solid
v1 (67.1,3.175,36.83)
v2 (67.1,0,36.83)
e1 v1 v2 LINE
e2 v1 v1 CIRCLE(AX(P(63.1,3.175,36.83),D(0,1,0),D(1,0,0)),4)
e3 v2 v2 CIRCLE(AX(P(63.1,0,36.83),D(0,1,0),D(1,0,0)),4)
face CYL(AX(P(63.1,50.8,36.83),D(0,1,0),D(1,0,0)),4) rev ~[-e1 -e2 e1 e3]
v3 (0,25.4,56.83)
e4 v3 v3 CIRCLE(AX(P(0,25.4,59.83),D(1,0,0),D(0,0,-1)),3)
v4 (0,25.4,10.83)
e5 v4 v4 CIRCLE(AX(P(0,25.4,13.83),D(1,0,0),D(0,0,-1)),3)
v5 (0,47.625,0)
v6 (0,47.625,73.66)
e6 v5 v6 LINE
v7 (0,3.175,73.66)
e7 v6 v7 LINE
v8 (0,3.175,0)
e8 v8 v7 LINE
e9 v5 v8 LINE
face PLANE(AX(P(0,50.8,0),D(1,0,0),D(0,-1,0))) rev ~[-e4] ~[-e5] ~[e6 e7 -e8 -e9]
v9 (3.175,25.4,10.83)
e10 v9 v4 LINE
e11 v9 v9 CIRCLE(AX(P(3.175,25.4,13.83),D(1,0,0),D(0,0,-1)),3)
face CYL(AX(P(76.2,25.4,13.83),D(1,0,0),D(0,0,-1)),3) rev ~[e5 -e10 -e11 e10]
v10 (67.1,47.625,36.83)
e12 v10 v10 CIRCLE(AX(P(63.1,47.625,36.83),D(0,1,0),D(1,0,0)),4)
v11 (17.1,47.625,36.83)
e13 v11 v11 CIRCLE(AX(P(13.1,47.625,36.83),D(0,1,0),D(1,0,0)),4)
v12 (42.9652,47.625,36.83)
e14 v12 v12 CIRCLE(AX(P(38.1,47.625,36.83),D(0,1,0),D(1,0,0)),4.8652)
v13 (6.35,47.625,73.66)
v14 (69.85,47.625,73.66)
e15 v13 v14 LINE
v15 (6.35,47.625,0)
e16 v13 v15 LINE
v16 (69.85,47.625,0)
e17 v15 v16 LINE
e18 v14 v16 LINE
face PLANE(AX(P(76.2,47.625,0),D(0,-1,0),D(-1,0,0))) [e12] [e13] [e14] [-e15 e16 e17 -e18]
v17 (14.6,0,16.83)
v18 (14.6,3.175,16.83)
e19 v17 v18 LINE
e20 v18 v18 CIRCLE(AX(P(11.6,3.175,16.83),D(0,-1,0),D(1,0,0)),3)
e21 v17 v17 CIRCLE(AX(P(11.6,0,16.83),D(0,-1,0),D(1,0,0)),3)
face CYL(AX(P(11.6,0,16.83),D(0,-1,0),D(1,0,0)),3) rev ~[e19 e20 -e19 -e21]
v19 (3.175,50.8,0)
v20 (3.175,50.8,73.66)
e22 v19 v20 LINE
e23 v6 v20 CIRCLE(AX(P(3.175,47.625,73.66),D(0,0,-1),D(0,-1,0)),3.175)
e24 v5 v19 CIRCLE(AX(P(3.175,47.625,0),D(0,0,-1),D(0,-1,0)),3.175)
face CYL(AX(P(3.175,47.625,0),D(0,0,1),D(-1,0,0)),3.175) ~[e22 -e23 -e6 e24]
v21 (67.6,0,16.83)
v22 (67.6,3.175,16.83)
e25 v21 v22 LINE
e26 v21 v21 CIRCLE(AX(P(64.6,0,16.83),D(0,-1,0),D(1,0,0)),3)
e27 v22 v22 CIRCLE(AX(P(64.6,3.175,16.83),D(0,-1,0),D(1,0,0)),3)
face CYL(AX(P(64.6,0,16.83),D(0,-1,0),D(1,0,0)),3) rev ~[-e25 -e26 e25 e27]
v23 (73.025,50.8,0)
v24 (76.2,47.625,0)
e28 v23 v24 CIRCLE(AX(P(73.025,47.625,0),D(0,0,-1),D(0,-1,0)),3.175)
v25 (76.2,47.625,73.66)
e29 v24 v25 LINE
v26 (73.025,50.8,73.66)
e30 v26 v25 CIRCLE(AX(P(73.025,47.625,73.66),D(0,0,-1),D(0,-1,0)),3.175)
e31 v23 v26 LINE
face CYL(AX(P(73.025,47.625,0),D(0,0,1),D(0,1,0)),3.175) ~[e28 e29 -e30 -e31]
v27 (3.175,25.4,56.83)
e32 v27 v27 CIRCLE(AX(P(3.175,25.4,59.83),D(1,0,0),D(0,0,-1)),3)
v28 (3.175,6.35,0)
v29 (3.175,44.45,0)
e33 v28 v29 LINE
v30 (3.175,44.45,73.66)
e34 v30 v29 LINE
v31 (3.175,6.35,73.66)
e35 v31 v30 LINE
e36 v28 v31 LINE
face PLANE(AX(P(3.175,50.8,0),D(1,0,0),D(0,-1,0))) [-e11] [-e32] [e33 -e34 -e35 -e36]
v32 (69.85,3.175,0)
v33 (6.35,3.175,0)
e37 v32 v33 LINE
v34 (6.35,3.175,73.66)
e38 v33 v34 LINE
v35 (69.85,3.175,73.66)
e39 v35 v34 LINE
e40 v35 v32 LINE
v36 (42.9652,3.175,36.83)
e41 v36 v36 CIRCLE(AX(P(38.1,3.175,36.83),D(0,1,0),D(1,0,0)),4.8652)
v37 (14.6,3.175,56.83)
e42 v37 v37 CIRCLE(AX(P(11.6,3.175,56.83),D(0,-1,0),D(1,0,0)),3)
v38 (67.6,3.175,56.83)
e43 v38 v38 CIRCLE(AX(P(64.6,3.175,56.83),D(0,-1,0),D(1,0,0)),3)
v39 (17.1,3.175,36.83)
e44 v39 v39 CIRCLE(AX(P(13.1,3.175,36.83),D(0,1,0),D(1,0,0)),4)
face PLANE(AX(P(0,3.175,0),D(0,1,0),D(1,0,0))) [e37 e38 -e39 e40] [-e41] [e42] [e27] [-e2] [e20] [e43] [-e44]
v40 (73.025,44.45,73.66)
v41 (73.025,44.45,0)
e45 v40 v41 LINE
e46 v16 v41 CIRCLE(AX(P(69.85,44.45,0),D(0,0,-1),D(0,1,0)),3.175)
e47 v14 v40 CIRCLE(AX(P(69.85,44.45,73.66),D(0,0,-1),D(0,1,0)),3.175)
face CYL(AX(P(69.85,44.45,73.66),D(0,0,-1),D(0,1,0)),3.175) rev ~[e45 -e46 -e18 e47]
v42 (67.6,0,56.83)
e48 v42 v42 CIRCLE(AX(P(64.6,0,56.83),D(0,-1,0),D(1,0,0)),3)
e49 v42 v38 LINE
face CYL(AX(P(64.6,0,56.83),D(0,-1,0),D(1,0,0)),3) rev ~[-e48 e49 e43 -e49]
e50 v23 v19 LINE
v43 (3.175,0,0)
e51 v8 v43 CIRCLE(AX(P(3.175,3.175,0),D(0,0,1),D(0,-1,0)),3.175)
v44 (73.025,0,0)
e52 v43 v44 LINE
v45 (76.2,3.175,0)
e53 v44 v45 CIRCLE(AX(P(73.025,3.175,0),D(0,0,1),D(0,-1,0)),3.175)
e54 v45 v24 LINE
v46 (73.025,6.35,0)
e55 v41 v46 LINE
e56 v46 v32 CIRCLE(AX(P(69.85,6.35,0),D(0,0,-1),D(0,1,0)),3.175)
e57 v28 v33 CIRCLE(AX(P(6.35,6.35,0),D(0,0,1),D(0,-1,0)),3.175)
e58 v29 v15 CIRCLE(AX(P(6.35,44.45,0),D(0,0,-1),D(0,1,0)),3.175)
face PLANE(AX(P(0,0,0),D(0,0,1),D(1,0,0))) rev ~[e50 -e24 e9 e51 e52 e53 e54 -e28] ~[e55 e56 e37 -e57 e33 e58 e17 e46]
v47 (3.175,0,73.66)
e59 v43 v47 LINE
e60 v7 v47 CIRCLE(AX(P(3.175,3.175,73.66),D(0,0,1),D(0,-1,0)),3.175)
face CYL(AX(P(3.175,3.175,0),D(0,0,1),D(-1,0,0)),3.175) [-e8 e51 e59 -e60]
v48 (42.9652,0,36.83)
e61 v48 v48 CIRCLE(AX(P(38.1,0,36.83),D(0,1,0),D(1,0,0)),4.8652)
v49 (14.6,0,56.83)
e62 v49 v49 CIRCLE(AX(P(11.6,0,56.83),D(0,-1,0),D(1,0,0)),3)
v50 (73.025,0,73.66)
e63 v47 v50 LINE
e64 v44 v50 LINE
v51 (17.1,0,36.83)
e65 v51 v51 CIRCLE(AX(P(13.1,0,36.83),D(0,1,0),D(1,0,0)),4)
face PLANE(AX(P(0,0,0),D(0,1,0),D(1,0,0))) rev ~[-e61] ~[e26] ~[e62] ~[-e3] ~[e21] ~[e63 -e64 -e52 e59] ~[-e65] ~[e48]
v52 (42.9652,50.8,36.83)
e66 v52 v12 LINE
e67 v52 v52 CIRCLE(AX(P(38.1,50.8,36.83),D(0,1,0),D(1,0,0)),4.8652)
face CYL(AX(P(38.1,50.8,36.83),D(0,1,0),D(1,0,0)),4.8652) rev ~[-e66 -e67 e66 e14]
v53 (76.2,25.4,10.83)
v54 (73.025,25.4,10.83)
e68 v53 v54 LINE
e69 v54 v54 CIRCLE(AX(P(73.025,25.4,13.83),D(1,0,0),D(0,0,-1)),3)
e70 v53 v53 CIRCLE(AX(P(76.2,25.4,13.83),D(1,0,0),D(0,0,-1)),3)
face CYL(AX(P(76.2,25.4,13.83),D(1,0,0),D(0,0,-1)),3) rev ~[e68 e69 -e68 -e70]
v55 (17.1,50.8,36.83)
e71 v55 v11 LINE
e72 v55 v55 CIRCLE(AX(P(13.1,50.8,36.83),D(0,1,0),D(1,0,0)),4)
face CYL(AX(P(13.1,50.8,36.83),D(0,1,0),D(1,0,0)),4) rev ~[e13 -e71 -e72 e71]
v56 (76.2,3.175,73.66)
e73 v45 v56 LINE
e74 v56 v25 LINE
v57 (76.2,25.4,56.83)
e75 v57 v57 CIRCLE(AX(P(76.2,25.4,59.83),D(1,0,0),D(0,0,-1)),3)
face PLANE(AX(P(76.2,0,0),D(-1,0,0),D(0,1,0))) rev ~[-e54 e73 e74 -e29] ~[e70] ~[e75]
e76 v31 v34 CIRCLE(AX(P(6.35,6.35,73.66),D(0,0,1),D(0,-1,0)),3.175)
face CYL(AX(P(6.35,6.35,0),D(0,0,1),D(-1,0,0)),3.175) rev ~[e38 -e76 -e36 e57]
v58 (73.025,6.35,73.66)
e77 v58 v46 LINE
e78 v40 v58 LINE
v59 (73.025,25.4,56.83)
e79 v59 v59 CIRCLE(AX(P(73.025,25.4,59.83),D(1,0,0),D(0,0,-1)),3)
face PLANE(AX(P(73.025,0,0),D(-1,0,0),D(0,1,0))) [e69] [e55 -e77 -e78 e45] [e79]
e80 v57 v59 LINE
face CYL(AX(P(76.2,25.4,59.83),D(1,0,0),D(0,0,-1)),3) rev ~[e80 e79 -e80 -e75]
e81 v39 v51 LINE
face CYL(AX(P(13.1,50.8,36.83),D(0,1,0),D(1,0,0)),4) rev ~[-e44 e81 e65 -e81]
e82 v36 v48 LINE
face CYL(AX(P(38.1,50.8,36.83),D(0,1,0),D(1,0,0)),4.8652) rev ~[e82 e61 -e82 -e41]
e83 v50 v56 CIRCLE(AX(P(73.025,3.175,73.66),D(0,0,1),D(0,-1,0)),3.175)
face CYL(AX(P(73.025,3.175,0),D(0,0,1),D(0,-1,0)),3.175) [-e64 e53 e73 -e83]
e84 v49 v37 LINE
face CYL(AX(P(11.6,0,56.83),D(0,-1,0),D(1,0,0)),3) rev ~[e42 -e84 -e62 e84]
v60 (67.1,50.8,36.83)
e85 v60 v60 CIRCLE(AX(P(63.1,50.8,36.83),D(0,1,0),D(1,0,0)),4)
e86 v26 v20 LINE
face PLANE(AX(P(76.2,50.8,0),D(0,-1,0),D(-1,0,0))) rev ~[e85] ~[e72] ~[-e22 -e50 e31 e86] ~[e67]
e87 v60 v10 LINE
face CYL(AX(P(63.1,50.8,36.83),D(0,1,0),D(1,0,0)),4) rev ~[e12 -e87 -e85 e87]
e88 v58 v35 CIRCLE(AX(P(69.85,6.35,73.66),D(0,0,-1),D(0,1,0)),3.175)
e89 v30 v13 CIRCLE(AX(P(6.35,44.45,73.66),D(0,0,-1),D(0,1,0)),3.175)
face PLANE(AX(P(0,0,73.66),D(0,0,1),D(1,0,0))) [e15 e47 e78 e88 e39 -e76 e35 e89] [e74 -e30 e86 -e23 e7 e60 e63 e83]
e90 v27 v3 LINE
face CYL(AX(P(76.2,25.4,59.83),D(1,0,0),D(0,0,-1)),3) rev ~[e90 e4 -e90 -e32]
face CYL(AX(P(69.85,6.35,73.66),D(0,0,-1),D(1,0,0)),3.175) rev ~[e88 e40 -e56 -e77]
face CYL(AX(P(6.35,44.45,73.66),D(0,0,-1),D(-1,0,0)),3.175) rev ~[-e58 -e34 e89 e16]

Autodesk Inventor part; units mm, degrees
ref_plane "YZ Plane" through (0, 0, 0) normal (1, 0, 0) x (0, 1, 0)
ref_plane "XZ Plane" through (0, 0, 0) normal (0, 1, 0) x (-1, 0, 0)
ref_plane "XY Plane" through (0, 0, 0) normal (0, 0, 1) x (1, 0, 0)
sketch "Sketch1" plane through (0, 0, 0) normal (0, 0, 1) x (1, 0, 0)
  line L0 (0, 0) -> (76.2, 0)
  line L1 (76.2, 0) -> (76.2, 50.8)
  line L2 (76.2, 50.8) -> (0, 50.8)
  line L3 (0, 50.8) -> (0, 0)
  dimension "d0" = 76.2
  dimension "d1" = 50.8
extrude "Extrusion1" add sketch "Sketch1" along normal blind 73.66
shell "Shell1" thickness 3.175 removed faces 2 at (50.8, 16.9333, 0) at (50.8, 16.9333, 73.66)
sketch "Sketch2" plane through (0, 0, 0) normal (0, -1, 0) x (1, 0, 0)
  line L0 (11.6, 16.83) -> (64.6, 16.83) construction
  line L1 (64.6, 16.83) -> (64.6, 56.83) construction
  line L2 (64.6, 56.83) -> (11.6, 56.83) construction
  line L3 (11.6, 56.83) -> (11.6, 16.83) construction
  circle A0 centre (11.6, 16.83) radius 3
  circle A1 centre (11.6, 56.83) radius 3
  circle A2 centre (64.6, 56.83) radius 3
  circle A3 centre (64.6, 16.83) radius 3
  line L4 (0, 0) -> (0, 73.66) construction
  line L5 (0, 0) -> (76.2, 0) construction
  point P0 (11.6, 36.83)
  point P1 (0, 36.83)
  point P2 (38.1, 16.83)
  point P3 (38.1, 0)
  dimension "d5" = 6
  dimension "d6" = 53
  dimension "d7" = 40
extrude "Extrusion2" cut sketch "Sketch2" against normal blind 23.8125
sketch "Sketch3" plane through (0, 50.8, 0) normal (0, 1, 0) x (1, 0, 0)
  line L0 (76.2, 0) -> (0, 0) construction
  line L1 (0, 0) -> (0, -73.66) construction
  circle A0 centre (13.1, -36.83) radius 4
  circle A1 centre (63.1, -36.83) radius 4
  line L2 (63.1, -36.83) -> (13.1, -36.83) construction
  circle A2 centre (38.1, -36.83) radius 4.8652
  point P0 (38.1, 0)
  point P1 (0, -36.83)
  point P2 (38.1, 0)
  dimension "d10" = 8
  dimension "d22" = 50
extrude "Extrusion3" cut sketch "Sketch3" against normal blind 101.6
fillet "Fillet1" radius 3.175 8 edges at (0, 50.8, 36.83) (76.2, 50.8, 36.83) (0, 0, 36.83) (3.175, 3.175, 36.83) (73.025, 3.175, 36.83) (3.175, 47.625, 36.83) (73.025, 47.625, 36.83) (76.2, 0, 36.83)
sketch "Sketch4" plane through (3.175, 50.8, 0) normal (0, 1, 0) x (1, 0, 0)
  circle A0 centre (8.425, -18.1) radius 4
  circle A1 centre (8.425, -58.1) radius 4
  circle A2 centre (61.425, -18.1) radius 4
  circle A3 centre (61.425, -58.1) radius 4
  circle A4 centre (8.425, -18.1) radius 3 construction
  circle A5 centre (61.425, -18.1) radius 3 construction
  circle A6 centre (8.425, -58.1) radius 3 construction
  circle A7 centre (61.425, -58.1) radius 3 construction
  point P0 (-3.175, 0)
  dimension "d14" = 8
extrude "Extrusion4" [suppressed]
sketch "Sketch5" plane through (76.2, 3.175, 0) normal (1, 0, 0) x (0, 0, -1)
  circle A0 centre (-59.83, 22.225) radius 3
  circle A1 centre (-13.83, 22.225) radius 3
  line L0 (-59.83, 22.225) -> (-13.83, 22.225) construction
  line L1 (-40.83, 47.625) -> (-32.83, 47.625) construction
  line L2 (0, 47.625) -> (-73.66, 47.625) construction
  line L3 (-73.66, 47.625) -> (0, 47.625) construction
  line L4 (0, 0) -> (0, 44.45) construction
  point P0 (0, -3.175)
  point P1 (-62.1, 47.625)
  point P2 (-54.1, 47.625)
  point P3 (-22.1, 47.625)
  point P4 (-14.1, 47.625)
  point P5 (-62.1, 47.625)
  point P6 (-54.1, 47.625)
  point P7 (-22.1, 47.625)
  point P8 (-14.1, 47.625)
  point P9 (-36.83, 47.625)
  point P10 (-36.83, 22.225)
  point P11 (0, 22.225)
  dimension "d17" = 6
  dimension "d18" = 46
extrude "Extrusion5" cut sketch "Sketch5" against normal through all
properties part number "2x3_Tube"
